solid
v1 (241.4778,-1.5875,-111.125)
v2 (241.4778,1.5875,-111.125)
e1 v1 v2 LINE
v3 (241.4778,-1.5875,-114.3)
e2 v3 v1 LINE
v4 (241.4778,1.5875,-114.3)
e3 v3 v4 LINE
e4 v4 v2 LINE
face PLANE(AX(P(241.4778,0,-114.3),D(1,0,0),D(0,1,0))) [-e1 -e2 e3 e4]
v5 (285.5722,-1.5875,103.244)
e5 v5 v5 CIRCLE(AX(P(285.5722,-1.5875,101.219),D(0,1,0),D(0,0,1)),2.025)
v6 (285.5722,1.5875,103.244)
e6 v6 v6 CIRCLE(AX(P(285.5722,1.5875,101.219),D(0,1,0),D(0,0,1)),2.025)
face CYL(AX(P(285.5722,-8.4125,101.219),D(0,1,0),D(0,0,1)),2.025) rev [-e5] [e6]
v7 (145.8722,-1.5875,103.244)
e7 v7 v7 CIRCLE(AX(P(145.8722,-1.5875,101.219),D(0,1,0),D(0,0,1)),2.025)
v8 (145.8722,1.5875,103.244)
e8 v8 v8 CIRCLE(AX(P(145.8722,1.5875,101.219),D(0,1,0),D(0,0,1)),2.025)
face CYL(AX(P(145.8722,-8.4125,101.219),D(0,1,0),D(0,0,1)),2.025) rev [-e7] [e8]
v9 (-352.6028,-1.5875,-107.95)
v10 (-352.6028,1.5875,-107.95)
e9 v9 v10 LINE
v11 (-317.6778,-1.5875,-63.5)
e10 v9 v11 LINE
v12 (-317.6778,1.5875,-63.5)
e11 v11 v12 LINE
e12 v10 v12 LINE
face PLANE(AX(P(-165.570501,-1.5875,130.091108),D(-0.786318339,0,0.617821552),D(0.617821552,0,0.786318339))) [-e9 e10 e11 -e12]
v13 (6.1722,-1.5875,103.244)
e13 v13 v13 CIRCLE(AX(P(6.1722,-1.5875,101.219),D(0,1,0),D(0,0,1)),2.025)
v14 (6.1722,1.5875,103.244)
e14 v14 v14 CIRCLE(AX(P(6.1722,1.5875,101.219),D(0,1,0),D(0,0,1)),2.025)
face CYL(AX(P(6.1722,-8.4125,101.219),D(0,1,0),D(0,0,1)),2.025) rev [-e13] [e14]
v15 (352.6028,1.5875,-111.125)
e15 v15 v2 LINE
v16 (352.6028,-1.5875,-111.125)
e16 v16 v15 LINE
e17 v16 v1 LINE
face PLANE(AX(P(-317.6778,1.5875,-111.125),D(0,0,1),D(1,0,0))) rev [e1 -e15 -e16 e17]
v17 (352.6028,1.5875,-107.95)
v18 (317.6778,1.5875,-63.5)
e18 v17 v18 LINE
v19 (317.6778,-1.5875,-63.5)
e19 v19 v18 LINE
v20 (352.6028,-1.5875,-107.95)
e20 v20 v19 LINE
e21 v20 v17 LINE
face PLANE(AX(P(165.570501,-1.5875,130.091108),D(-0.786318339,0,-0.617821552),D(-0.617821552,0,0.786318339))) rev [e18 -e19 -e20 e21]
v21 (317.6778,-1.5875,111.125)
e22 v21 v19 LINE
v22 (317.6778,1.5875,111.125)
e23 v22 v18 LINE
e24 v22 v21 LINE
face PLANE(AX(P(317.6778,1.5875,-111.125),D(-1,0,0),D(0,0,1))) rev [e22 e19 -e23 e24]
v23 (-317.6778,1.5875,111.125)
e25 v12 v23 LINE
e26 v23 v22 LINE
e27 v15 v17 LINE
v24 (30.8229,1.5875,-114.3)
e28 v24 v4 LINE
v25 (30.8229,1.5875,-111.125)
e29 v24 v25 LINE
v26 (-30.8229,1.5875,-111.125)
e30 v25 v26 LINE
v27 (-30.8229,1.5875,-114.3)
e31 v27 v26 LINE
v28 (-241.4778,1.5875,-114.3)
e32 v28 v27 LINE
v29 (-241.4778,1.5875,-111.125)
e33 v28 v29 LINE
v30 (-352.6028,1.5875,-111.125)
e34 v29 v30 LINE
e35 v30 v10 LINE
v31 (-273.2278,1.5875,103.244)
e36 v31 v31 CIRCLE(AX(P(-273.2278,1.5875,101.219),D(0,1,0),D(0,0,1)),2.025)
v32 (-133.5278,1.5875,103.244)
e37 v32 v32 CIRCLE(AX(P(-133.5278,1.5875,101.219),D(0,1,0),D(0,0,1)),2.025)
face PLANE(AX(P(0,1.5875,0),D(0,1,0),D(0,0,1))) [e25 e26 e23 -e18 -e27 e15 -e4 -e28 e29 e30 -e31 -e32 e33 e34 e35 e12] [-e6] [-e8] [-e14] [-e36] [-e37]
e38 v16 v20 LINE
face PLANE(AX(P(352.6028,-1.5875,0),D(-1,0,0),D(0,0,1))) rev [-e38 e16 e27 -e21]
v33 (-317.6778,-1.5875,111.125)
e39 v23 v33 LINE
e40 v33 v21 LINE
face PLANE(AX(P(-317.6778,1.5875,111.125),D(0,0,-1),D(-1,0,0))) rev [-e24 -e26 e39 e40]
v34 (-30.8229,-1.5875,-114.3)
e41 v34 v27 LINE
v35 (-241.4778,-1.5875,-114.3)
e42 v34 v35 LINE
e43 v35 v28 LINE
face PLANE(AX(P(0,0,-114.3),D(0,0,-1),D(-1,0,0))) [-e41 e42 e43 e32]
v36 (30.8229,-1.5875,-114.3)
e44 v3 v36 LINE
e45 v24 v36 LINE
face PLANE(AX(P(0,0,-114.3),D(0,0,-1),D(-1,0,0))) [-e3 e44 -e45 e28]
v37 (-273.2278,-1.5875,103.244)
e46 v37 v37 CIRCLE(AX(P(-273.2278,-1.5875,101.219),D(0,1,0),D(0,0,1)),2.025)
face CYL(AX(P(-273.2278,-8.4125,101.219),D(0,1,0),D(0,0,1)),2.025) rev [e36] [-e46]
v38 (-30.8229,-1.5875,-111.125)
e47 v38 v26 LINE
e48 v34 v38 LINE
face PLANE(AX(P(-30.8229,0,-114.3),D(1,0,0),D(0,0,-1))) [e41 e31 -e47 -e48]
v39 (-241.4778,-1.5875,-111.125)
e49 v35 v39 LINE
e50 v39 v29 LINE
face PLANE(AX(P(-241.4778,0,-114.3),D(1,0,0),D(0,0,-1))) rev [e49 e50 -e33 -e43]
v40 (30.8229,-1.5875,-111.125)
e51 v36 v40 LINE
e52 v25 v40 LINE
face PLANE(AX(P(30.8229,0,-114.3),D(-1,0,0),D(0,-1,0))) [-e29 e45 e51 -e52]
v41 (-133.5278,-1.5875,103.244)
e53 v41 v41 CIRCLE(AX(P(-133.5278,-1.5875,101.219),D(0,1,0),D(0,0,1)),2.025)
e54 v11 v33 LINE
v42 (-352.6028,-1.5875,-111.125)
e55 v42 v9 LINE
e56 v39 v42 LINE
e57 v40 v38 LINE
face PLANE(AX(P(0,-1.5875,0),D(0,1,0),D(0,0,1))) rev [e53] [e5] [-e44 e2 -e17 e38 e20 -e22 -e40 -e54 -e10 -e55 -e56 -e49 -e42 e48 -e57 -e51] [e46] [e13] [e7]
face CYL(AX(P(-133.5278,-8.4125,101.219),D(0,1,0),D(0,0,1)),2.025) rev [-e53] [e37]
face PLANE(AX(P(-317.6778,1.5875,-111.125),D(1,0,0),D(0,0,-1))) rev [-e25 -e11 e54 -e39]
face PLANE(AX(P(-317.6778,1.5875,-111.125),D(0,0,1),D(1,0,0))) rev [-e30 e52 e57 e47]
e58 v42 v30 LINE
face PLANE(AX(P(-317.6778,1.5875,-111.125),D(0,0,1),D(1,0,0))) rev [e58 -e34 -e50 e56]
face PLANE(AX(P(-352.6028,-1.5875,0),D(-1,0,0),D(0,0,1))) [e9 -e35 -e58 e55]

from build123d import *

# Parameters (mm, degrees)
SKETCH1_W           = 635.3556
SKETCH1_H           = 222.25
BOSS_EXTRUDE1_DEPTH = 1.5875
SKETCH2_W           = 210.6549
SKETCH2_H           = 3.175
BOSS_EXTRUDE2_DEPTH = 3.175
BOSS_EXTRUDE3_DEPTH = 3.175
CUT_EXTRUDE1_DEPTH  = 10
LPATTERN1_COUNT     = 5
LPATTERN1_PITCH     = 139.7


with BuildPart() as part:
    # Sketch1 → Boss-Extrude1 (new, symmetric)
    with BuildSketch(Plane(origin=(0, 0, 0), x_dir=(1, 0, 0), z_dir=(0, 1, 0))):
        Rectangle(SKETCH1_W, SKETCH1_H)
    extrude(amount=BOSS_EXTRUDE1_DEPTH, both=True)

    # Sketch2 → Boss-Extrude2 (add)
    with BuildSketch(Plane(origin=(0, 0, -111.125), x_dir=(-1, 0, 0), z_dir=(0, 0, -1))):
        with Locations((-136.15035, 0)):
            Rectangle(SKETCH2_W, SKETCH2_H)
        with Locations((136.15035, 0)):
            Rectangle(SKETCH2_W, SKETCH2_H)
    extrude(amount=BOSS_EXTRUDE2_DEPTH)

    # Sketch3 → Boss-Extrude3 (add)
    with BuildSketch(Plane(origin=(0, 1.5875, 0), x_dir=(1, 0, 0), z_dir=(0, 1, 0))):
        Polygon((-317.6778, 63.5), (-317.6778, 111.125), (-352.6028, 111.125), (-352.6028, 107.95), align=None)
    boss_extrude3 = extrude(amount=-BOSS_EXTRUDE3_DEPTH)

    # Mirror1: Boss-Extrude3 across plane
    add(boss_extrude3.mirror(Plane(origin=(0, 0, 0), x_dir=(0, 0, 1), z_dir=(1, 0, 0))))

    # Sketch4 → Cut-Extrude1 (cut)
    with BuildSketch(Plane(origin=(0, 1.5875, 0), x_dir=(1, 0, 0), z_dir=(0, 1, 0))):
        with BuildLine():
            ThreePointArc((-275.2528, -101.219), (-274.659691232, -102.650891232), (-273.2278, -103.244))
            Line((-273.2278, -103.244), (-273.2278, -101.219))
            Line((-273.2278, -101.219), (-275.2528, -101.219))
        make_face()
        with BuildLine():
            Line((-273.2278, -101.219), (-273.2278, -103.244))
            ThreePointArc((-273.2278, -103.244), (-271.795908768, -102.650891232), (-271.2028, -101.219))
            ThreePointArc((-271.2028, -101.219), (-273.2278, -99.194), (-275.2528, -101.219))
            Line((-275.2528, -101.219), (-273.2278, -101.219))
        make_face()
    cut_extrude1 = extrude(amount=-CUT_EXTRUDE1_DEPTH, mode=Mode.SUBTRACT)

    # LPattern1: Cut-Extrude1 ×5
    with Locations(*[(i * LPATTERN1_PITCH, 0, 0) for i in range(1, LPATTERN1_COUNT)]):
        add(cut_extrude1, mode=Mode.SUBTRACT)


solid = part.part
